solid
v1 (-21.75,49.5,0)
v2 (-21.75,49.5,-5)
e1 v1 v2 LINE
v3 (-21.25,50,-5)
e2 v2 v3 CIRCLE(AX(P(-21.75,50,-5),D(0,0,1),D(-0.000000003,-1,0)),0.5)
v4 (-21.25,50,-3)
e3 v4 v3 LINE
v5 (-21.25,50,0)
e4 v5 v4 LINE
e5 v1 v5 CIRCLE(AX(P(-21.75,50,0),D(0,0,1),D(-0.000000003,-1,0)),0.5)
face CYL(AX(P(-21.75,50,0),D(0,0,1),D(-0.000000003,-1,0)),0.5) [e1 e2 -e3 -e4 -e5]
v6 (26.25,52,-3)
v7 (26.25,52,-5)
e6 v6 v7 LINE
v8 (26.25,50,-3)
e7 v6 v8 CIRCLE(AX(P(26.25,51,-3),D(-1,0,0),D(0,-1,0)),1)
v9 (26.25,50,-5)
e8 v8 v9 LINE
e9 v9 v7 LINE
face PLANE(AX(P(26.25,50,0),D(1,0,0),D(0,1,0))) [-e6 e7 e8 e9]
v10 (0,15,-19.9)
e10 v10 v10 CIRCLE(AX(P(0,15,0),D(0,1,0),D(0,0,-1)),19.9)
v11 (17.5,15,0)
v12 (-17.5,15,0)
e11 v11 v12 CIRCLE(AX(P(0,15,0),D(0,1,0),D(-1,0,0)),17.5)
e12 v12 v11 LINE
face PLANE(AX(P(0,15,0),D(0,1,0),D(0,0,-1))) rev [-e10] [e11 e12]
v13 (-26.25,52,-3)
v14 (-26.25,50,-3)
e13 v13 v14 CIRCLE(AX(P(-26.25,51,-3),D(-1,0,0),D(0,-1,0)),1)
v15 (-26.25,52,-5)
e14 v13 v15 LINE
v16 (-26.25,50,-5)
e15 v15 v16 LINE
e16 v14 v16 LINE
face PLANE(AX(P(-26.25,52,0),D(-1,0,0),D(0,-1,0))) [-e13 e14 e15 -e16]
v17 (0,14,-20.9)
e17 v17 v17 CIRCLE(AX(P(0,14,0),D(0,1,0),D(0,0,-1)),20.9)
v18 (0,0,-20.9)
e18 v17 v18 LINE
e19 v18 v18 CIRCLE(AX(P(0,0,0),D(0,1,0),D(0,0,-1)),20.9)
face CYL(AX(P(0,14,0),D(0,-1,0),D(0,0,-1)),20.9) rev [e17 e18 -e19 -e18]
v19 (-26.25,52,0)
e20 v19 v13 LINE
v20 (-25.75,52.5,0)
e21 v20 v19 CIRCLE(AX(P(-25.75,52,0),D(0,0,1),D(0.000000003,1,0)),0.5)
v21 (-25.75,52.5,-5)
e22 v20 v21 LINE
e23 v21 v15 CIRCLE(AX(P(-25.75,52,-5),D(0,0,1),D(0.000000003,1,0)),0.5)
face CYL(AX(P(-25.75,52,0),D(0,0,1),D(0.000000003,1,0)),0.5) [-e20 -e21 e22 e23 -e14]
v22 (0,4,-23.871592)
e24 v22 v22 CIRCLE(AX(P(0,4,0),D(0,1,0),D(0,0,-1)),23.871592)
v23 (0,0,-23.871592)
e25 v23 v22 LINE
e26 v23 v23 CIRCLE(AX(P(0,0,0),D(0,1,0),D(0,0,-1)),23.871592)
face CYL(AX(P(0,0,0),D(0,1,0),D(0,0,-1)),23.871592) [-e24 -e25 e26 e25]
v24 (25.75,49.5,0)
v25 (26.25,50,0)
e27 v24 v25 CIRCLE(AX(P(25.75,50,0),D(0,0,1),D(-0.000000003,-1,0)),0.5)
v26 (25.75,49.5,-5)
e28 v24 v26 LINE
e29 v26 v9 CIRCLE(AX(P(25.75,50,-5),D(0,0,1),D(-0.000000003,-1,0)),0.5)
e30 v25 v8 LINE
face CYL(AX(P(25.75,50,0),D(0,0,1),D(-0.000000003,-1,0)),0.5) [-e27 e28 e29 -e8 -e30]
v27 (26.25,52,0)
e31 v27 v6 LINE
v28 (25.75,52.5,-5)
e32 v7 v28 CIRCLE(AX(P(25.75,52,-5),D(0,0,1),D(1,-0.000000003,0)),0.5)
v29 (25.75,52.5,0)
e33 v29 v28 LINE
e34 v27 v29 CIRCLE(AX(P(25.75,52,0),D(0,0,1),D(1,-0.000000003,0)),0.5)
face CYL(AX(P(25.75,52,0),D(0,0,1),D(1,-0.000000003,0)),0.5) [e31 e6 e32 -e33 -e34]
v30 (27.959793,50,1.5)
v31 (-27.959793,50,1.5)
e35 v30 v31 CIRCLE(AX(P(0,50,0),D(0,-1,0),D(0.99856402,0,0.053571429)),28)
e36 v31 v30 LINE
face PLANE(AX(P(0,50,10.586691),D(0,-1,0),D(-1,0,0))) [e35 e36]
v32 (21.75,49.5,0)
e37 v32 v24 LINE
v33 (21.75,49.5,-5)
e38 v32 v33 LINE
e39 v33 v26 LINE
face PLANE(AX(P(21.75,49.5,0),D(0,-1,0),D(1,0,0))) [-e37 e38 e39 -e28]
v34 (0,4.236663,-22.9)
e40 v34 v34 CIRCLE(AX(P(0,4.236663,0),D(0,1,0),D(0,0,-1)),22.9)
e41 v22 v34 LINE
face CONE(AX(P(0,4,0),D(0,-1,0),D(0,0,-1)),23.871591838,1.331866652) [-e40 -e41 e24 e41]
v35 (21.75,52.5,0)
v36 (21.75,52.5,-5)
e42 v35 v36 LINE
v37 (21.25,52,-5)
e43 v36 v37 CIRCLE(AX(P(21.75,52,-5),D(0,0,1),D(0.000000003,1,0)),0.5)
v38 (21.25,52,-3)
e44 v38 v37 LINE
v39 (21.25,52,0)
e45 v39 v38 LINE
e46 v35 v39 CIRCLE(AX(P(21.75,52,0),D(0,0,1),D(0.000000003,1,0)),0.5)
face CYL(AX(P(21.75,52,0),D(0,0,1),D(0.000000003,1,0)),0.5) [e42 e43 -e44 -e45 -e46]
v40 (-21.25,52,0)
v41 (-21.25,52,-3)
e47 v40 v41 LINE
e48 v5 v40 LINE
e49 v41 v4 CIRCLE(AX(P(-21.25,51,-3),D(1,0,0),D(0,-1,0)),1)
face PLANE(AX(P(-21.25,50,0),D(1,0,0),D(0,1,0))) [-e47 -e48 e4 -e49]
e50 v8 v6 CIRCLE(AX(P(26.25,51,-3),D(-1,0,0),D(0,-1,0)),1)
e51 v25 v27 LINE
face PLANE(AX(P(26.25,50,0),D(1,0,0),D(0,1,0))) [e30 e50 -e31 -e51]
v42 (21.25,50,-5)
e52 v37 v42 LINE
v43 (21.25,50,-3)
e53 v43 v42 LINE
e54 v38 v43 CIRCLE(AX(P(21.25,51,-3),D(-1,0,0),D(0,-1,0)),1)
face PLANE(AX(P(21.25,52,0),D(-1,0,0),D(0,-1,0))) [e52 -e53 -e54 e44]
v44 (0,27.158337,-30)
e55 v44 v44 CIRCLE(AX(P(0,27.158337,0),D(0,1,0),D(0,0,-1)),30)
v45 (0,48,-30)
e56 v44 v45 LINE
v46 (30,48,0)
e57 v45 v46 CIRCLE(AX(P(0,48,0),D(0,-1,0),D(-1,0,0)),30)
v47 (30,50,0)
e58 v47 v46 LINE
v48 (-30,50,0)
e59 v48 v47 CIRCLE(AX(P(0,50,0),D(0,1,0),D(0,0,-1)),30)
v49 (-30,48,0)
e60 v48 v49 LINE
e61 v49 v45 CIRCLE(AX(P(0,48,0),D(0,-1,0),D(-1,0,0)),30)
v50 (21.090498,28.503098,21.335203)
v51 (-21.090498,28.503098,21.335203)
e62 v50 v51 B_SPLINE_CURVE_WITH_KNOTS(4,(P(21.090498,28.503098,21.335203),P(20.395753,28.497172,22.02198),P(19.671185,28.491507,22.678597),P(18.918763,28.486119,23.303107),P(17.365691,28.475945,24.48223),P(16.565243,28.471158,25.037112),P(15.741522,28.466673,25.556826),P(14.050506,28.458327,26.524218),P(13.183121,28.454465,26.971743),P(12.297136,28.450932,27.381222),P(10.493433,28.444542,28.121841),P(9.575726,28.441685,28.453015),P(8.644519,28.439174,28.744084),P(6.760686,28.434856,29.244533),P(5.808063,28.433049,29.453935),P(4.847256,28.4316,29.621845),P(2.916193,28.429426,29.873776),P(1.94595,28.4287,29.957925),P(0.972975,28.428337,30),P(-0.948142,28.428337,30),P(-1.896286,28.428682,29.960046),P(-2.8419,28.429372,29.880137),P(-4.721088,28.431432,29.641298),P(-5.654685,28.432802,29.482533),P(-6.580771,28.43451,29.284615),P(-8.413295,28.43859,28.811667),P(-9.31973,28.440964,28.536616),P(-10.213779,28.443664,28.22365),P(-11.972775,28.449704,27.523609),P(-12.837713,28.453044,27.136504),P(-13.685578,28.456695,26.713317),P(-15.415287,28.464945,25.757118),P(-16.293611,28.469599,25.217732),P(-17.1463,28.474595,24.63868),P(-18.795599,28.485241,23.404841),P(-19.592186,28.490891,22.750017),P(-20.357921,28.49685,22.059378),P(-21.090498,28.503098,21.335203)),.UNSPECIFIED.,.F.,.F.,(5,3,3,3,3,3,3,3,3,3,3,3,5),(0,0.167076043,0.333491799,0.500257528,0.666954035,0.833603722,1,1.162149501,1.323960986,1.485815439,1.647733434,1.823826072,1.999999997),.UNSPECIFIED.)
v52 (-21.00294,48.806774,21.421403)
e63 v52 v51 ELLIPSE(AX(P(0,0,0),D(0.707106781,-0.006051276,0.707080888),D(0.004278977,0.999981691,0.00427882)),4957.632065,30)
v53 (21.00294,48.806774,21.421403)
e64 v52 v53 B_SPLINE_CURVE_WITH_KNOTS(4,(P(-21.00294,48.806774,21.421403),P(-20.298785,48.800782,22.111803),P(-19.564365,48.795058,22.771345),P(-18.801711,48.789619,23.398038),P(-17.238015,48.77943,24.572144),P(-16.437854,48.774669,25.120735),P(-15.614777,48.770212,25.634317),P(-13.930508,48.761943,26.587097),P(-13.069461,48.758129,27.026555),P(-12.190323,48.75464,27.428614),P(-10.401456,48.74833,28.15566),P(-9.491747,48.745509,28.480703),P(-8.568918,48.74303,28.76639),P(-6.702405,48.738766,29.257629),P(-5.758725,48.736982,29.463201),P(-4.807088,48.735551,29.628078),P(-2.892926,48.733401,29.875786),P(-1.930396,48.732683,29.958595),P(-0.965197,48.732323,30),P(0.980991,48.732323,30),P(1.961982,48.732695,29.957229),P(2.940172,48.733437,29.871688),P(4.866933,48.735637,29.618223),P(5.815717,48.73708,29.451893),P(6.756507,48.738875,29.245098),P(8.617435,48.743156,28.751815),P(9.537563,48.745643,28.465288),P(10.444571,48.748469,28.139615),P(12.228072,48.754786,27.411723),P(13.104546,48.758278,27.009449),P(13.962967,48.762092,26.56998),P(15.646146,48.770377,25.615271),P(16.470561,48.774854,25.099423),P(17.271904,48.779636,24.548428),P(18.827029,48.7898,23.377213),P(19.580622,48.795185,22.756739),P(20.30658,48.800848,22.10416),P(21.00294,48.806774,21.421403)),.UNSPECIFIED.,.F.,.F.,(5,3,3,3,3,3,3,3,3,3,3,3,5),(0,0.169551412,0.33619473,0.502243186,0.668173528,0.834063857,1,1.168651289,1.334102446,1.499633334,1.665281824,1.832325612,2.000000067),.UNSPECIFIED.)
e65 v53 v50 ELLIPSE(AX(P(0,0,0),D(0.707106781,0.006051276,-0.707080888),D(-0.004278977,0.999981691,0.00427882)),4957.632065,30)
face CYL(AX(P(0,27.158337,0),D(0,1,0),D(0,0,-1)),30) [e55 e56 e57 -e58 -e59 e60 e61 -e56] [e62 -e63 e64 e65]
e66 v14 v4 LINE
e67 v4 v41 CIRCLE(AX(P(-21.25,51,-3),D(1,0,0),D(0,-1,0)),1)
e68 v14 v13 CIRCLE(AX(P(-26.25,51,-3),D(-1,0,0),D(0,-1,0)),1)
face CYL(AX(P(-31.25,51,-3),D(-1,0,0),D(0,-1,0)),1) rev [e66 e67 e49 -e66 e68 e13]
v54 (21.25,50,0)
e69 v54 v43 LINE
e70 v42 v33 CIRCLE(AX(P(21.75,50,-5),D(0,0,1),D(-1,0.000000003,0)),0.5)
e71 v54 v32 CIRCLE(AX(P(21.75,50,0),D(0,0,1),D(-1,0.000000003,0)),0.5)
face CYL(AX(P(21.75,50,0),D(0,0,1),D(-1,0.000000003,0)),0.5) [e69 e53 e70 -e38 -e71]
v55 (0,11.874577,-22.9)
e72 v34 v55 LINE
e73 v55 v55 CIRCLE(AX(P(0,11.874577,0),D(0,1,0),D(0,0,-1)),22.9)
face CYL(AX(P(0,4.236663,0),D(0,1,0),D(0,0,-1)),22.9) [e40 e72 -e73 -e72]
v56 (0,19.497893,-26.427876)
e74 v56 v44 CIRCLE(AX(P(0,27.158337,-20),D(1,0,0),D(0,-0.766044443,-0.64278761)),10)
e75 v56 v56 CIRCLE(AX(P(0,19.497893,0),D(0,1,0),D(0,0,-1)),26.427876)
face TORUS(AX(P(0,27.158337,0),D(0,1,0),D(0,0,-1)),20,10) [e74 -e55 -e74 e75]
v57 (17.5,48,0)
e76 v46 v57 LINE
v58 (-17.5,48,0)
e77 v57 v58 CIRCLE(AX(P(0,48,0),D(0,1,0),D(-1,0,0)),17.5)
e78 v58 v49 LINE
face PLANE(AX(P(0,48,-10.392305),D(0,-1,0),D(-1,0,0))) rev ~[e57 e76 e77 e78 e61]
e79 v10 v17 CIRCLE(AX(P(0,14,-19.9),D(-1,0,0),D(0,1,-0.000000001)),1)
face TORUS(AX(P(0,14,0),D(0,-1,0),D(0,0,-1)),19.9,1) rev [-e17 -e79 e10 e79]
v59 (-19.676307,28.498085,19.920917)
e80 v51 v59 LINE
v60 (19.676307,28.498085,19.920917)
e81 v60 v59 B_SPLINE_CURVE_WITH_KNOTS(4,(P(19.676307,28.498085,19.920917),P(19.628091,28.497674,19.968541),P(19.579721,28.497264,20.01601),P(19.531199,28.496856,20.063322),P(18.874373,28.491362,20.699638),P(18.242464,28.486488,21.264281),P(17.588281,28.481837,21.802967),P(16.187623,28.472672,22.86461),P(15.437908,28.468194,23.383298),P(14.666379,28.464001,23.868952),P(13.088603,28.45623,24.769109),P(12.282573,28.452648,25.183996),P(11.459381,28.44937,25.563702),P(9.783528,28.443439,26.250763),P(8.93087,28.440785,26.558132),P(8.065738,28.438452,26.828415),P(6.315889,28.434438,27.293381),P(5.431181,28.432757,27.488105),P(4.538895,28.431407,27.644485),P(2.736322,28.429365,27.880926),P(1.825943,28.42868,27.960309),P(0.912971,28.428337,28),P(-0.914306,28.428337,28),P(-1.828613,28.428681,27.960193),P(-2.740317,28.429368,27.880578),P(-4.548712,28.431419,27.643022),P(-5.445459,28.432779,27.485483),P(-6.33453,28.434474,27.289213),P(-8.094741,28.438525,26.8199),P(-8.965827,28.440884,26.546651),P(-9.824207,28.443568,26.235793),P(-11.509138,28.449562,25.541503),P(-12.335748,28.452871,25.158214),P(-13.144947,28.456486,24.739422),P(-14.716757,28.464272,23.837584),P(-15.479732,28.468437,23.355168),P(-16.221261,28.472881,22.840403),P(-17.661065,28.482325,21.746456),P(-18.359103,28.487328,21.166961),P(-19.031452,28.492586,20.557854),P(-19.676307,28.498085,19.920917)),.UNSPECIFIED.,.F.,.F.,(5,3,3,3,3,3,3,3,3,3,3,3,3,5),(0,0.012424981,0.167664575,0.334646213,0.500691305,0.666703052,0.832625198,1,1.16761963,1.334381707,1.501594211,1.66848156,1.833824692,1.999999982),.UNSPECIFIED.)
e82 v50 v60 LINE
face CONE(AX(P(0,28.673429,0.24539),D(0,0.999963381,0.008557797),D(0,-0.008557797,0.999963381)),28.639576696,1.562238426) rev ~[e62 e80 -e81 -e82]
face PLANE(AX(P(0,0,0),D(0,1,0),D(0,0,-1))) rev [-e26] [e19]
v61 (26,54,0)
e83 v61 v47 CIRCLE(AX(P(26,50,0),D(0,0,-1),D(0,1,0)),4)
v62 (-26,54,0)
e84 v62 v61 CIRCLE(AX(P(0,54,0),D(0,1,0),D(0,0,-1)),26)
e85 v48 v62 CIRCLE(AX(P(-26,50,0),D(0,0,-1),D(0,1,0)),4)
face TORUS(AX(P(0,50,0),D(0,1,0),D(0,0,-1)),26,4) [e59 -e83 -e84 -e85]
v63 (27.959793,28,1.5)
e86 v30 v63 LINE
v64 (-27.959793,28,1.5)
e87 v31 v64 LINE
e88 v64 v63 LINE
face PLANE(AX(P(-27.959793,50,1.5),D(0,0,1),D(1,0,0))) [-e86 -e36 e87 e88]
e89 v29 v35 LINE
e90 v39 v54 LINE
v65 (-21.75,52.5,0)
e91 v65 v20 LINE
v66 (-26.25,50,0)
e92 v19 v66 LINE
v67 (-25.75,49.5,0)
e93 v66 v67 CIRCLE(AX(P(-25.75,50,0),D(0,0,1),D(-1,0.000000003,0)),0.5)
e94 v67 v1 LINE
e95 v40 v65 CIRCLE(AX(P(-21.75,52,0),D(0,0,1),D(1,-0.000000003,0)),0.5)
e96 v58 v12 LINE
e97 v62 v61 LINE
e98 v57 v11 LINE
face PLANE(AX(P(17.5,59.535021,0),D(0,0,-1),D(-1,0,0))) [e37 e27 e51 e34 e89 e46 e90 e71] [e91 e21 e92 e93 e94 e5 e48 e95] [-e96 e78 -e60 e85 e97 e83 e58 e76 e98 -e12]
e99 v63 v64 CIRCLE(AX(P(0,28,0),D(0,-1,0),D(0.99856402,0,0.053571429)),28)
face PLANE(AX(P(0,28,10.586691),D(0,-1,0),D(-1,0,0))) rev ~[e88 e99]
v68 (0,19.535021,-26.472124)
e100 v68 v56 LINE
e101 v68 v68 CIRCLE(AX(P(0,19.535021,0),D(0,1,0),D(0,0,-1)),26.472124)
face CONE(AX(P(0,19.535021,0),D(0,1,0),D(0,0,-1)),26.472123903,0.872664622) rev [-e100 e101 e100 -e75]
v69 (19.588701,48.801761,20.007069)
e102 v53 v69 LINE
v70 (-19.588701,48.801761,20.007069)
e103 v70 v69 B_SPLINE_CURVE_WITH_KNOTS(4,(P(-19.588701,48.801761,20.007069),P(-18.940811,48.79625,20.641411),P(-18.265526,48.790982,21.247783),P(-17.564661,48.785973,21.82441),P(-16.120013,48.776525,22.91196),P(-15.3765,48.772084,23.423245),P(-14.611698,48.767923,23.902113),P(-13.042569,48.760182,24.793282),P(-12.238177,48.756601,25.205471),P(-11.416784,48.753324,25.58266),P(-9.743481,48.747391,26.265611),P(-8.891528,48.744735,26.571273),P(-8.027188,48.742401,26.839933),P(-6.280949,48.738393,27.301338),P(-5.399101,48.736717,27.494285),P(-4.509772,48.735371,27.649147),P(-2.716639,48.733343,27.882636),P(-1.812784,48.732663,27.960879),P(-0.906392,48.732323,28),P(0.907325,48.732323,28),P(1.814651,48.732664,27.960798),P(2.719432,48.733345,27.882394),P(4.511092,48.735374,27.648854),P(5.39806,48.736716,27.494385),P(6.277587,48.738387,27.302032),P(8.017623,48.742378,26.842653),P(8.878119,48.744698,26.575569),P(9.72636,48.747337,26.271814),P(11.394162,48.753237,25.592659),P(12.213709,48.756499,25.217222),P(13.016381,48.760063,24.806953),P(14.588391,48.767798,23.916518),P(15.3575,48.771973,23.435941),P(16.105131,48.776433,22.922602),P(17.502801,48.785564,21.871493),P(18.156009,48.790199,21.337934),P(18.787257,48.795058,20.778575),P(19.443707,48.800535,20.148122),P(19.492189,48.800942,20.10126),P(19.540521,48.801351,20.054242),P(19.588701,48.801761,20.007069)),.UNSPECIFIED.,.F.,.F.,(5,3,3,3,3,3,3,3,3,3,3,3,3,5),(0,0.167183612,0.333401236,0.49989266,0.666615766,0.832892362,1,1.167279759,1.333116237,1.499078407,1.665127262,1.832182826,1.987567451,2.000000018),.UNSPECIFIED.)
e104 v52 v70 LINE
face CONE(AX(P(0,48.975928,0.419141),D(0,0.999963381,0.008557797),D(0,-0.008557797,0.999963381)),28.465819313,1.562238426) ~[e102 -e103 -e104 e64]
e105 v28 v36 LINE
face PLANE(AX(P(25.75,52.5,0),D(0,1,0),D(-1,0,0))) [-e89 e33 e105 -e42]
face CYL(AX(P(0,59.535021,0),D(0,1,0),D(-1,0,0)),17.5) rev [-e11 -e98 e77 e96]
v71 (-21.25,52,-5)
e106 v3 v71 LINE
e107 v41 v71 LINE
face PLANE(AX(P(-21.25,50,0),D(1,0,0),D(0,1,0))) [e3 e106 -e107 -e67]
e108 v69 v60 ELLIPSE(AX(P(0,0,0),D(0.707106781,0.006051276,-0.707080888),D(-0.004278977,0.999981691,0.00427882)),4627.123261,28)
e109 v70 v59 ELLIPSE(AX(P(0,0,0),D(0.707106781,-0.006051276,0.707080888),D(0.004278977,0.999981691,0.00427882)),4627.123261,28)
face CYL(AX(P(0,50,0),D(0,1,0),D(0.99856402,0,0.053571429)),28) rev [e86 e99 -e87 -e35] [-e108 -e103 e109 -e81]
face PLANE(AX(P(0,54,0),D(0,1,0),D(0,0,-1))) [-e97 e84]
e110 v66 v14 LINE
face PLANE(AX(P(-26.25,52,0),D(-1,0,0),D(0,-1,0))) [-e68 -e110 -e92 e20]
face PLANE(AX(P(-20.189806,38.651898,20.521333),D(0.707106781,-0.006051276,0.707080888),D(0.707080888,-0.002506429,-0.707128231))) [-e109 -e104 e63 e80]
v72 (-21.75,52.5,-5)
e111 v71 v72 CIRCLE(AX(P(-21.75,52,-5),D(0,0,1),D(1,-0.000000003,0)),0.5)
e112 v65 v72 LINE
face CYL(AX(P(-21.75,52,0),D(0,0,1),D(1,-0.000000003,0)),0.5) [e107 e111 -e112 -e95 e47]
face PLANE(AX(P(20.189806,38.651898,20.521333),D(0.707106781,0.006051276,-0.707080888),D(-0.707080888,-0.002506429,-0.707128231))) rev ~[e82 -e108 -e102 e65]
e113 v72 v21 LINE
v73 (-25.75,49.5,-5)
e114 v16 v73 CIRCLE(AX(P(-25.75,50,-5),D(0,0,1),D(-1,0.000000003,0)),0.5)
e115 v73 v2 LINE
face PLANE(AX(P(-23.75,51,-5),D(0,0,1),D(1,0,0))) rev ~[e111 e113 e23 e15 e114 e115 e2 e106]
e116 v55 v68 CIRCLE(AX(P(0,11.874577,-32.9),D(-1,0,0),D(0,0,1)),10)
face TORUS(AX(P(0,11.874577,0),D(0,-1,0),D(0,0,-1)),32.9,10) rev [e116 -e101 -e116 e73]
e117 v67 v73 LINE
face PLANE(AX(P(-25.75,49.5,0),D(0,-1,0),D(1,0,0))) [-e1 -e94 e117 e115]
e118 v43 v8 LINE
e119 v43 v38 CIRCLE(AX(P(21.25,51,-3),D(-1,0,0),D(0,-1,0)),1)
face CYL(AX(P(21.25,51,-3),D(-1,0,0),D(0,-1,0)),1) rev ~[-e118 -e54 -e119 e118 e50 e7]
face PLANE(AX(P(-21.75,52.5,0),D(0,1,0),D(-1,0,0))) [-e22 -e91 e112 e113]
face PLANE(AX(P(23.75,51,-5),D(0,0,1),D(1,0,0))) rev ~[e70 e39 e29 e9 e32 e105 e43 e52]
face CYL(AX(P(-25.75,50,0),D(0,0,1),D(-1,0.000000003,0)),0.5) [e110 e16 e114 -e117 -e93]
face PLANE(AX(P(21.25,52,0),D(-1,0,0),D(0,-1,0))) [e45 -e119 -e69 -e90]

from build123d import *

# Parameters (mm, degrees)
CUT_EXTRUDE3_DEPTH           = 25
CUT_EXTRUDE3_DEPTH_BACK      = 40
CUT_EXTRUDE5_DEPTH           = 2
CUT_EXTRUDE5_DEPTH_BACK      = 5
BOSS_EXTRUDE2_DEPTH          = 5
CUT_EXTRUDE6_DEPTH           = 22
SKETCH17_W                   = 7
SKETCH17_H                   = 20.303986046
CUT_REVOLVE1_ANGLE           = 45
CUT_REVOLVE1_OTHER_WAY_ANGLE = 45
SKETCH14_R                   = 1
CUT_EXTRUDE7_DEPTH           = 10
CUT_EXTRUDE8_START           = -10
SKETCH15_R                   = 1
CUT_EXTRUDE8_DEPTH           = 10


with BuildPart() as part:
    # Sketch1 → Revolve1 (revolve)
    with BuildSketch(Plane.XY, mode=Mode.PRIVATE) as revolve1_sk:
        with BuildLine():
            Line((20.9, 0), (23.871591838, 0))
            Line((23.871591838, 0), (23.871591838, 4))
            Line((23.871591838, 4), (22.9, 4.236662843))
            Line((22.9, 4.236662843), (22.9, 11.874576818))
            ThreePointArc((22.9, 11.874576818), (23.83692213, 16.100759435), (26.472123903, 19.535021249))
            Line((26.472123903, 19.535021249), (26.427876097, 19.497892931))
            ThreePointArc((26.427876097, 19.497892931), (29.06307787, 22.932154745), (30, 27.158337362))
            Line((30, 27.158337362), (30, 50))
            ThreePointArc((30, 50), (28.828427125, 52.828427125), (26, 54))
            Line((26, 54), (0, 54))
            Line((0, 54), (0, 15))
            Line((0, 15), (19.9, 15))
            ThreePointArc((19.9, 15), (20.607106781, 14.707106781), (20.9, 14))
            Line((20.9, 14), (20.9, 0))
        make_face()
    revolve(revolve1_sk.sketch.rotate(Axis((0, 0, 0), (0, 1, 0)), 90), axis=Axis((0, 0, 0), (0, 1, 0)))

    # Sketch11 → Cut-Extrude3 (cut, two sides: drawn at the far end of the back side and taken through both)
    with BuildSketch(Plane(origin=(0, 19.535021249, 0), x_dir=(-1, 0, 0), z_dir=(0, -1, 0)).offset(-CUT_EXTRUDE3_DEPTH_BACK)):
        with BuildLine():
            Line((-17.5, 0), (17.5, 0))
            ThreePointArc((17.5, 0), (0, 17.5), (-17.5, 0))
        make_face()
    extrude(amount=CUT_EXTRUDE3_DEPTH + CUT_EXTRUDE3_DEPTH_BACK, mode=Mode.SUBTRACT)

    # Sketch9 → Cut-Extrude5 (cut, two sides: drawn at the far end of the back side and taken through both)
    with BuildSketch(Plane(origin=(0, 50, 0), x_dir=(-1, 0, 0), z_dir=(0, -1, 0)).offset(-CUT_EXTRUDE5_DEPTH_BACK)):
        with BuildLine():
            Line((-30, 0), (30, 0))
            ThreePointArc((30, 0), (0, 30), (-30, 0))
        make_face()
    extrude(amount=CUT_EXTRUDE5_DEPTH + CUT_EXTRUDE5_DEPTH_BACK, mode=Mode.SUBTRACT)

    # Sketch13 → Boss-Extrude2 (add)
    with BuildSketch(Plane(origin=(0, 0, 0), x_dir=(-1, 0, 0), z_dir=(0, 0, -1))):
        with BuildLine():
            Line((21.75, 52.5), (25.75, 52.5))
            ThreePointArc((25.75, 52.5), (26.103553391, 52.353553391), (26.25, 52))
            Line((26.25, 52), (26.25, 50))
            ThreePointArc((26.25, 50), (26.103553391, 49.646446609), (25.75, 49.5))
            Line((25.75, 49.5), (21.75, 49.5))
            ThreePointArc((21.75, 49.5), (21.396446609, 49.646446609), (21.25, 50))
            Line((21.25, 50), (21.25, 52))
            ThreePointArc((21.25, 52), (21.396446609, 52.353553391), (21.75, 52.5))
        make_face()
        with BuildLine():
            Line((-25.75, 52.5), (-21.75, 52.5))
            ThreePointArc((-21.75, 52.5), (-21.396446609, 52.353553391), (-21.25, 52))
            Line((-21.25, 52), (-21.25, 50))
            ThreePointArc((-21.25, 50), (-21.396446609, 49.646446609), (-21.75, 49.5))
            Line((-21.75, 49.5), (-25.75, 49.5))
            ThreePointArc((-25.75, 49.5), (-26.103553391, 49.646446609), (-26.25, 50))
            Line((-26.25, 50), (-26.25, 52))
            ThreePointArc((-26.25, 52), (-26.103553391, 52.353553391), (-25.75, 52.5))
        make_face()
    extrude(amount=BOSS_EXTRUDE2_DEPTH)

    # Sketch16 → Cut-Extrude6 (cut)
    with BuildSketch(Plane(origin=(0, 50, 0), x_dir=(-1, 0, 0), z_dir=(0, -1, 0))):
        with BuildLine():
            Line((27.95979256, -1.5), (-27.95979256, -1.5))
            ThreePointArc((-27.95979256, -1.5), (0, -28), (27.95979256, -1.5))
        make_face()
    extrude(amount=CUT_EXTRUDE6_DEPTH, mode=Mode.SUBTRACT)

    # Sketch17 → Cut-Revolve1 (revolve, cut)
    with BuildSketch(Plane(origin=(0, 0, 0), x_dir=(0, 0, -1), z_dir=(1, 0, 0))):
        with Locations((-28.883918314, 38.580330385)):
            Rectangle(SKETCH17_W, SKETCH17_H)
    revolve(axis=Axis((0, 0, 0), (0, 0.9999633813881498, 0.008557796607647805)), revolution_arc=CUT_REVOLVE1_ANGLE, mode=Mode.SUBTRACT)

    # Sketch17 → Cut-Revolve1 other way (revolve, cut)
    with BuildSketch(Plane(origin=(0, 0, 0), x_dir=(0, 0, -1), z_dir=(1, 0, 0))):
        with Locations((-28.883918314, 38.580330385)):
            Rectangle(SKETCH17_W, SKETCH17_H)
    revolve(axis=Axis((0, 0, 0), (0, -0.9999633813881498, -0.008557796607647805)), revolution_arc=CUT_REVOLVE1_OTHER_WAY_ANGLE, mode=Mode.SUBTRACT)

    # Sketch14 → Cut-Extrude7 (cut)
    with BuildSketch(Plane.ZY.offset(-21.25)):
        with Locations(Location((-3, 51, 0), (0, 0, 270))):
            Circle(SKETCH14_R)
    extrude(amount=-CUT_EXTRUDE7_DEPTH, mode=Mode.SUBTRACT)

    # Sketch15 → Cut-Extrude8 (cut)
    with BuildSketch(Plane(origin=(-21.25, 0, 0), x_dir=(0, 0, -1), z_dir=(1, 0, 0)).offset(CUT_EXTRUDE8_START)):
        with Locations(Location((3, 51, 0), (0, 0, 270))):
            Circle(SKETCH15_R)
    extrude(amount=CUT_EXTRUDE8_DEPTH, mode=Mode.SUBTRACT)


solid = part.part
